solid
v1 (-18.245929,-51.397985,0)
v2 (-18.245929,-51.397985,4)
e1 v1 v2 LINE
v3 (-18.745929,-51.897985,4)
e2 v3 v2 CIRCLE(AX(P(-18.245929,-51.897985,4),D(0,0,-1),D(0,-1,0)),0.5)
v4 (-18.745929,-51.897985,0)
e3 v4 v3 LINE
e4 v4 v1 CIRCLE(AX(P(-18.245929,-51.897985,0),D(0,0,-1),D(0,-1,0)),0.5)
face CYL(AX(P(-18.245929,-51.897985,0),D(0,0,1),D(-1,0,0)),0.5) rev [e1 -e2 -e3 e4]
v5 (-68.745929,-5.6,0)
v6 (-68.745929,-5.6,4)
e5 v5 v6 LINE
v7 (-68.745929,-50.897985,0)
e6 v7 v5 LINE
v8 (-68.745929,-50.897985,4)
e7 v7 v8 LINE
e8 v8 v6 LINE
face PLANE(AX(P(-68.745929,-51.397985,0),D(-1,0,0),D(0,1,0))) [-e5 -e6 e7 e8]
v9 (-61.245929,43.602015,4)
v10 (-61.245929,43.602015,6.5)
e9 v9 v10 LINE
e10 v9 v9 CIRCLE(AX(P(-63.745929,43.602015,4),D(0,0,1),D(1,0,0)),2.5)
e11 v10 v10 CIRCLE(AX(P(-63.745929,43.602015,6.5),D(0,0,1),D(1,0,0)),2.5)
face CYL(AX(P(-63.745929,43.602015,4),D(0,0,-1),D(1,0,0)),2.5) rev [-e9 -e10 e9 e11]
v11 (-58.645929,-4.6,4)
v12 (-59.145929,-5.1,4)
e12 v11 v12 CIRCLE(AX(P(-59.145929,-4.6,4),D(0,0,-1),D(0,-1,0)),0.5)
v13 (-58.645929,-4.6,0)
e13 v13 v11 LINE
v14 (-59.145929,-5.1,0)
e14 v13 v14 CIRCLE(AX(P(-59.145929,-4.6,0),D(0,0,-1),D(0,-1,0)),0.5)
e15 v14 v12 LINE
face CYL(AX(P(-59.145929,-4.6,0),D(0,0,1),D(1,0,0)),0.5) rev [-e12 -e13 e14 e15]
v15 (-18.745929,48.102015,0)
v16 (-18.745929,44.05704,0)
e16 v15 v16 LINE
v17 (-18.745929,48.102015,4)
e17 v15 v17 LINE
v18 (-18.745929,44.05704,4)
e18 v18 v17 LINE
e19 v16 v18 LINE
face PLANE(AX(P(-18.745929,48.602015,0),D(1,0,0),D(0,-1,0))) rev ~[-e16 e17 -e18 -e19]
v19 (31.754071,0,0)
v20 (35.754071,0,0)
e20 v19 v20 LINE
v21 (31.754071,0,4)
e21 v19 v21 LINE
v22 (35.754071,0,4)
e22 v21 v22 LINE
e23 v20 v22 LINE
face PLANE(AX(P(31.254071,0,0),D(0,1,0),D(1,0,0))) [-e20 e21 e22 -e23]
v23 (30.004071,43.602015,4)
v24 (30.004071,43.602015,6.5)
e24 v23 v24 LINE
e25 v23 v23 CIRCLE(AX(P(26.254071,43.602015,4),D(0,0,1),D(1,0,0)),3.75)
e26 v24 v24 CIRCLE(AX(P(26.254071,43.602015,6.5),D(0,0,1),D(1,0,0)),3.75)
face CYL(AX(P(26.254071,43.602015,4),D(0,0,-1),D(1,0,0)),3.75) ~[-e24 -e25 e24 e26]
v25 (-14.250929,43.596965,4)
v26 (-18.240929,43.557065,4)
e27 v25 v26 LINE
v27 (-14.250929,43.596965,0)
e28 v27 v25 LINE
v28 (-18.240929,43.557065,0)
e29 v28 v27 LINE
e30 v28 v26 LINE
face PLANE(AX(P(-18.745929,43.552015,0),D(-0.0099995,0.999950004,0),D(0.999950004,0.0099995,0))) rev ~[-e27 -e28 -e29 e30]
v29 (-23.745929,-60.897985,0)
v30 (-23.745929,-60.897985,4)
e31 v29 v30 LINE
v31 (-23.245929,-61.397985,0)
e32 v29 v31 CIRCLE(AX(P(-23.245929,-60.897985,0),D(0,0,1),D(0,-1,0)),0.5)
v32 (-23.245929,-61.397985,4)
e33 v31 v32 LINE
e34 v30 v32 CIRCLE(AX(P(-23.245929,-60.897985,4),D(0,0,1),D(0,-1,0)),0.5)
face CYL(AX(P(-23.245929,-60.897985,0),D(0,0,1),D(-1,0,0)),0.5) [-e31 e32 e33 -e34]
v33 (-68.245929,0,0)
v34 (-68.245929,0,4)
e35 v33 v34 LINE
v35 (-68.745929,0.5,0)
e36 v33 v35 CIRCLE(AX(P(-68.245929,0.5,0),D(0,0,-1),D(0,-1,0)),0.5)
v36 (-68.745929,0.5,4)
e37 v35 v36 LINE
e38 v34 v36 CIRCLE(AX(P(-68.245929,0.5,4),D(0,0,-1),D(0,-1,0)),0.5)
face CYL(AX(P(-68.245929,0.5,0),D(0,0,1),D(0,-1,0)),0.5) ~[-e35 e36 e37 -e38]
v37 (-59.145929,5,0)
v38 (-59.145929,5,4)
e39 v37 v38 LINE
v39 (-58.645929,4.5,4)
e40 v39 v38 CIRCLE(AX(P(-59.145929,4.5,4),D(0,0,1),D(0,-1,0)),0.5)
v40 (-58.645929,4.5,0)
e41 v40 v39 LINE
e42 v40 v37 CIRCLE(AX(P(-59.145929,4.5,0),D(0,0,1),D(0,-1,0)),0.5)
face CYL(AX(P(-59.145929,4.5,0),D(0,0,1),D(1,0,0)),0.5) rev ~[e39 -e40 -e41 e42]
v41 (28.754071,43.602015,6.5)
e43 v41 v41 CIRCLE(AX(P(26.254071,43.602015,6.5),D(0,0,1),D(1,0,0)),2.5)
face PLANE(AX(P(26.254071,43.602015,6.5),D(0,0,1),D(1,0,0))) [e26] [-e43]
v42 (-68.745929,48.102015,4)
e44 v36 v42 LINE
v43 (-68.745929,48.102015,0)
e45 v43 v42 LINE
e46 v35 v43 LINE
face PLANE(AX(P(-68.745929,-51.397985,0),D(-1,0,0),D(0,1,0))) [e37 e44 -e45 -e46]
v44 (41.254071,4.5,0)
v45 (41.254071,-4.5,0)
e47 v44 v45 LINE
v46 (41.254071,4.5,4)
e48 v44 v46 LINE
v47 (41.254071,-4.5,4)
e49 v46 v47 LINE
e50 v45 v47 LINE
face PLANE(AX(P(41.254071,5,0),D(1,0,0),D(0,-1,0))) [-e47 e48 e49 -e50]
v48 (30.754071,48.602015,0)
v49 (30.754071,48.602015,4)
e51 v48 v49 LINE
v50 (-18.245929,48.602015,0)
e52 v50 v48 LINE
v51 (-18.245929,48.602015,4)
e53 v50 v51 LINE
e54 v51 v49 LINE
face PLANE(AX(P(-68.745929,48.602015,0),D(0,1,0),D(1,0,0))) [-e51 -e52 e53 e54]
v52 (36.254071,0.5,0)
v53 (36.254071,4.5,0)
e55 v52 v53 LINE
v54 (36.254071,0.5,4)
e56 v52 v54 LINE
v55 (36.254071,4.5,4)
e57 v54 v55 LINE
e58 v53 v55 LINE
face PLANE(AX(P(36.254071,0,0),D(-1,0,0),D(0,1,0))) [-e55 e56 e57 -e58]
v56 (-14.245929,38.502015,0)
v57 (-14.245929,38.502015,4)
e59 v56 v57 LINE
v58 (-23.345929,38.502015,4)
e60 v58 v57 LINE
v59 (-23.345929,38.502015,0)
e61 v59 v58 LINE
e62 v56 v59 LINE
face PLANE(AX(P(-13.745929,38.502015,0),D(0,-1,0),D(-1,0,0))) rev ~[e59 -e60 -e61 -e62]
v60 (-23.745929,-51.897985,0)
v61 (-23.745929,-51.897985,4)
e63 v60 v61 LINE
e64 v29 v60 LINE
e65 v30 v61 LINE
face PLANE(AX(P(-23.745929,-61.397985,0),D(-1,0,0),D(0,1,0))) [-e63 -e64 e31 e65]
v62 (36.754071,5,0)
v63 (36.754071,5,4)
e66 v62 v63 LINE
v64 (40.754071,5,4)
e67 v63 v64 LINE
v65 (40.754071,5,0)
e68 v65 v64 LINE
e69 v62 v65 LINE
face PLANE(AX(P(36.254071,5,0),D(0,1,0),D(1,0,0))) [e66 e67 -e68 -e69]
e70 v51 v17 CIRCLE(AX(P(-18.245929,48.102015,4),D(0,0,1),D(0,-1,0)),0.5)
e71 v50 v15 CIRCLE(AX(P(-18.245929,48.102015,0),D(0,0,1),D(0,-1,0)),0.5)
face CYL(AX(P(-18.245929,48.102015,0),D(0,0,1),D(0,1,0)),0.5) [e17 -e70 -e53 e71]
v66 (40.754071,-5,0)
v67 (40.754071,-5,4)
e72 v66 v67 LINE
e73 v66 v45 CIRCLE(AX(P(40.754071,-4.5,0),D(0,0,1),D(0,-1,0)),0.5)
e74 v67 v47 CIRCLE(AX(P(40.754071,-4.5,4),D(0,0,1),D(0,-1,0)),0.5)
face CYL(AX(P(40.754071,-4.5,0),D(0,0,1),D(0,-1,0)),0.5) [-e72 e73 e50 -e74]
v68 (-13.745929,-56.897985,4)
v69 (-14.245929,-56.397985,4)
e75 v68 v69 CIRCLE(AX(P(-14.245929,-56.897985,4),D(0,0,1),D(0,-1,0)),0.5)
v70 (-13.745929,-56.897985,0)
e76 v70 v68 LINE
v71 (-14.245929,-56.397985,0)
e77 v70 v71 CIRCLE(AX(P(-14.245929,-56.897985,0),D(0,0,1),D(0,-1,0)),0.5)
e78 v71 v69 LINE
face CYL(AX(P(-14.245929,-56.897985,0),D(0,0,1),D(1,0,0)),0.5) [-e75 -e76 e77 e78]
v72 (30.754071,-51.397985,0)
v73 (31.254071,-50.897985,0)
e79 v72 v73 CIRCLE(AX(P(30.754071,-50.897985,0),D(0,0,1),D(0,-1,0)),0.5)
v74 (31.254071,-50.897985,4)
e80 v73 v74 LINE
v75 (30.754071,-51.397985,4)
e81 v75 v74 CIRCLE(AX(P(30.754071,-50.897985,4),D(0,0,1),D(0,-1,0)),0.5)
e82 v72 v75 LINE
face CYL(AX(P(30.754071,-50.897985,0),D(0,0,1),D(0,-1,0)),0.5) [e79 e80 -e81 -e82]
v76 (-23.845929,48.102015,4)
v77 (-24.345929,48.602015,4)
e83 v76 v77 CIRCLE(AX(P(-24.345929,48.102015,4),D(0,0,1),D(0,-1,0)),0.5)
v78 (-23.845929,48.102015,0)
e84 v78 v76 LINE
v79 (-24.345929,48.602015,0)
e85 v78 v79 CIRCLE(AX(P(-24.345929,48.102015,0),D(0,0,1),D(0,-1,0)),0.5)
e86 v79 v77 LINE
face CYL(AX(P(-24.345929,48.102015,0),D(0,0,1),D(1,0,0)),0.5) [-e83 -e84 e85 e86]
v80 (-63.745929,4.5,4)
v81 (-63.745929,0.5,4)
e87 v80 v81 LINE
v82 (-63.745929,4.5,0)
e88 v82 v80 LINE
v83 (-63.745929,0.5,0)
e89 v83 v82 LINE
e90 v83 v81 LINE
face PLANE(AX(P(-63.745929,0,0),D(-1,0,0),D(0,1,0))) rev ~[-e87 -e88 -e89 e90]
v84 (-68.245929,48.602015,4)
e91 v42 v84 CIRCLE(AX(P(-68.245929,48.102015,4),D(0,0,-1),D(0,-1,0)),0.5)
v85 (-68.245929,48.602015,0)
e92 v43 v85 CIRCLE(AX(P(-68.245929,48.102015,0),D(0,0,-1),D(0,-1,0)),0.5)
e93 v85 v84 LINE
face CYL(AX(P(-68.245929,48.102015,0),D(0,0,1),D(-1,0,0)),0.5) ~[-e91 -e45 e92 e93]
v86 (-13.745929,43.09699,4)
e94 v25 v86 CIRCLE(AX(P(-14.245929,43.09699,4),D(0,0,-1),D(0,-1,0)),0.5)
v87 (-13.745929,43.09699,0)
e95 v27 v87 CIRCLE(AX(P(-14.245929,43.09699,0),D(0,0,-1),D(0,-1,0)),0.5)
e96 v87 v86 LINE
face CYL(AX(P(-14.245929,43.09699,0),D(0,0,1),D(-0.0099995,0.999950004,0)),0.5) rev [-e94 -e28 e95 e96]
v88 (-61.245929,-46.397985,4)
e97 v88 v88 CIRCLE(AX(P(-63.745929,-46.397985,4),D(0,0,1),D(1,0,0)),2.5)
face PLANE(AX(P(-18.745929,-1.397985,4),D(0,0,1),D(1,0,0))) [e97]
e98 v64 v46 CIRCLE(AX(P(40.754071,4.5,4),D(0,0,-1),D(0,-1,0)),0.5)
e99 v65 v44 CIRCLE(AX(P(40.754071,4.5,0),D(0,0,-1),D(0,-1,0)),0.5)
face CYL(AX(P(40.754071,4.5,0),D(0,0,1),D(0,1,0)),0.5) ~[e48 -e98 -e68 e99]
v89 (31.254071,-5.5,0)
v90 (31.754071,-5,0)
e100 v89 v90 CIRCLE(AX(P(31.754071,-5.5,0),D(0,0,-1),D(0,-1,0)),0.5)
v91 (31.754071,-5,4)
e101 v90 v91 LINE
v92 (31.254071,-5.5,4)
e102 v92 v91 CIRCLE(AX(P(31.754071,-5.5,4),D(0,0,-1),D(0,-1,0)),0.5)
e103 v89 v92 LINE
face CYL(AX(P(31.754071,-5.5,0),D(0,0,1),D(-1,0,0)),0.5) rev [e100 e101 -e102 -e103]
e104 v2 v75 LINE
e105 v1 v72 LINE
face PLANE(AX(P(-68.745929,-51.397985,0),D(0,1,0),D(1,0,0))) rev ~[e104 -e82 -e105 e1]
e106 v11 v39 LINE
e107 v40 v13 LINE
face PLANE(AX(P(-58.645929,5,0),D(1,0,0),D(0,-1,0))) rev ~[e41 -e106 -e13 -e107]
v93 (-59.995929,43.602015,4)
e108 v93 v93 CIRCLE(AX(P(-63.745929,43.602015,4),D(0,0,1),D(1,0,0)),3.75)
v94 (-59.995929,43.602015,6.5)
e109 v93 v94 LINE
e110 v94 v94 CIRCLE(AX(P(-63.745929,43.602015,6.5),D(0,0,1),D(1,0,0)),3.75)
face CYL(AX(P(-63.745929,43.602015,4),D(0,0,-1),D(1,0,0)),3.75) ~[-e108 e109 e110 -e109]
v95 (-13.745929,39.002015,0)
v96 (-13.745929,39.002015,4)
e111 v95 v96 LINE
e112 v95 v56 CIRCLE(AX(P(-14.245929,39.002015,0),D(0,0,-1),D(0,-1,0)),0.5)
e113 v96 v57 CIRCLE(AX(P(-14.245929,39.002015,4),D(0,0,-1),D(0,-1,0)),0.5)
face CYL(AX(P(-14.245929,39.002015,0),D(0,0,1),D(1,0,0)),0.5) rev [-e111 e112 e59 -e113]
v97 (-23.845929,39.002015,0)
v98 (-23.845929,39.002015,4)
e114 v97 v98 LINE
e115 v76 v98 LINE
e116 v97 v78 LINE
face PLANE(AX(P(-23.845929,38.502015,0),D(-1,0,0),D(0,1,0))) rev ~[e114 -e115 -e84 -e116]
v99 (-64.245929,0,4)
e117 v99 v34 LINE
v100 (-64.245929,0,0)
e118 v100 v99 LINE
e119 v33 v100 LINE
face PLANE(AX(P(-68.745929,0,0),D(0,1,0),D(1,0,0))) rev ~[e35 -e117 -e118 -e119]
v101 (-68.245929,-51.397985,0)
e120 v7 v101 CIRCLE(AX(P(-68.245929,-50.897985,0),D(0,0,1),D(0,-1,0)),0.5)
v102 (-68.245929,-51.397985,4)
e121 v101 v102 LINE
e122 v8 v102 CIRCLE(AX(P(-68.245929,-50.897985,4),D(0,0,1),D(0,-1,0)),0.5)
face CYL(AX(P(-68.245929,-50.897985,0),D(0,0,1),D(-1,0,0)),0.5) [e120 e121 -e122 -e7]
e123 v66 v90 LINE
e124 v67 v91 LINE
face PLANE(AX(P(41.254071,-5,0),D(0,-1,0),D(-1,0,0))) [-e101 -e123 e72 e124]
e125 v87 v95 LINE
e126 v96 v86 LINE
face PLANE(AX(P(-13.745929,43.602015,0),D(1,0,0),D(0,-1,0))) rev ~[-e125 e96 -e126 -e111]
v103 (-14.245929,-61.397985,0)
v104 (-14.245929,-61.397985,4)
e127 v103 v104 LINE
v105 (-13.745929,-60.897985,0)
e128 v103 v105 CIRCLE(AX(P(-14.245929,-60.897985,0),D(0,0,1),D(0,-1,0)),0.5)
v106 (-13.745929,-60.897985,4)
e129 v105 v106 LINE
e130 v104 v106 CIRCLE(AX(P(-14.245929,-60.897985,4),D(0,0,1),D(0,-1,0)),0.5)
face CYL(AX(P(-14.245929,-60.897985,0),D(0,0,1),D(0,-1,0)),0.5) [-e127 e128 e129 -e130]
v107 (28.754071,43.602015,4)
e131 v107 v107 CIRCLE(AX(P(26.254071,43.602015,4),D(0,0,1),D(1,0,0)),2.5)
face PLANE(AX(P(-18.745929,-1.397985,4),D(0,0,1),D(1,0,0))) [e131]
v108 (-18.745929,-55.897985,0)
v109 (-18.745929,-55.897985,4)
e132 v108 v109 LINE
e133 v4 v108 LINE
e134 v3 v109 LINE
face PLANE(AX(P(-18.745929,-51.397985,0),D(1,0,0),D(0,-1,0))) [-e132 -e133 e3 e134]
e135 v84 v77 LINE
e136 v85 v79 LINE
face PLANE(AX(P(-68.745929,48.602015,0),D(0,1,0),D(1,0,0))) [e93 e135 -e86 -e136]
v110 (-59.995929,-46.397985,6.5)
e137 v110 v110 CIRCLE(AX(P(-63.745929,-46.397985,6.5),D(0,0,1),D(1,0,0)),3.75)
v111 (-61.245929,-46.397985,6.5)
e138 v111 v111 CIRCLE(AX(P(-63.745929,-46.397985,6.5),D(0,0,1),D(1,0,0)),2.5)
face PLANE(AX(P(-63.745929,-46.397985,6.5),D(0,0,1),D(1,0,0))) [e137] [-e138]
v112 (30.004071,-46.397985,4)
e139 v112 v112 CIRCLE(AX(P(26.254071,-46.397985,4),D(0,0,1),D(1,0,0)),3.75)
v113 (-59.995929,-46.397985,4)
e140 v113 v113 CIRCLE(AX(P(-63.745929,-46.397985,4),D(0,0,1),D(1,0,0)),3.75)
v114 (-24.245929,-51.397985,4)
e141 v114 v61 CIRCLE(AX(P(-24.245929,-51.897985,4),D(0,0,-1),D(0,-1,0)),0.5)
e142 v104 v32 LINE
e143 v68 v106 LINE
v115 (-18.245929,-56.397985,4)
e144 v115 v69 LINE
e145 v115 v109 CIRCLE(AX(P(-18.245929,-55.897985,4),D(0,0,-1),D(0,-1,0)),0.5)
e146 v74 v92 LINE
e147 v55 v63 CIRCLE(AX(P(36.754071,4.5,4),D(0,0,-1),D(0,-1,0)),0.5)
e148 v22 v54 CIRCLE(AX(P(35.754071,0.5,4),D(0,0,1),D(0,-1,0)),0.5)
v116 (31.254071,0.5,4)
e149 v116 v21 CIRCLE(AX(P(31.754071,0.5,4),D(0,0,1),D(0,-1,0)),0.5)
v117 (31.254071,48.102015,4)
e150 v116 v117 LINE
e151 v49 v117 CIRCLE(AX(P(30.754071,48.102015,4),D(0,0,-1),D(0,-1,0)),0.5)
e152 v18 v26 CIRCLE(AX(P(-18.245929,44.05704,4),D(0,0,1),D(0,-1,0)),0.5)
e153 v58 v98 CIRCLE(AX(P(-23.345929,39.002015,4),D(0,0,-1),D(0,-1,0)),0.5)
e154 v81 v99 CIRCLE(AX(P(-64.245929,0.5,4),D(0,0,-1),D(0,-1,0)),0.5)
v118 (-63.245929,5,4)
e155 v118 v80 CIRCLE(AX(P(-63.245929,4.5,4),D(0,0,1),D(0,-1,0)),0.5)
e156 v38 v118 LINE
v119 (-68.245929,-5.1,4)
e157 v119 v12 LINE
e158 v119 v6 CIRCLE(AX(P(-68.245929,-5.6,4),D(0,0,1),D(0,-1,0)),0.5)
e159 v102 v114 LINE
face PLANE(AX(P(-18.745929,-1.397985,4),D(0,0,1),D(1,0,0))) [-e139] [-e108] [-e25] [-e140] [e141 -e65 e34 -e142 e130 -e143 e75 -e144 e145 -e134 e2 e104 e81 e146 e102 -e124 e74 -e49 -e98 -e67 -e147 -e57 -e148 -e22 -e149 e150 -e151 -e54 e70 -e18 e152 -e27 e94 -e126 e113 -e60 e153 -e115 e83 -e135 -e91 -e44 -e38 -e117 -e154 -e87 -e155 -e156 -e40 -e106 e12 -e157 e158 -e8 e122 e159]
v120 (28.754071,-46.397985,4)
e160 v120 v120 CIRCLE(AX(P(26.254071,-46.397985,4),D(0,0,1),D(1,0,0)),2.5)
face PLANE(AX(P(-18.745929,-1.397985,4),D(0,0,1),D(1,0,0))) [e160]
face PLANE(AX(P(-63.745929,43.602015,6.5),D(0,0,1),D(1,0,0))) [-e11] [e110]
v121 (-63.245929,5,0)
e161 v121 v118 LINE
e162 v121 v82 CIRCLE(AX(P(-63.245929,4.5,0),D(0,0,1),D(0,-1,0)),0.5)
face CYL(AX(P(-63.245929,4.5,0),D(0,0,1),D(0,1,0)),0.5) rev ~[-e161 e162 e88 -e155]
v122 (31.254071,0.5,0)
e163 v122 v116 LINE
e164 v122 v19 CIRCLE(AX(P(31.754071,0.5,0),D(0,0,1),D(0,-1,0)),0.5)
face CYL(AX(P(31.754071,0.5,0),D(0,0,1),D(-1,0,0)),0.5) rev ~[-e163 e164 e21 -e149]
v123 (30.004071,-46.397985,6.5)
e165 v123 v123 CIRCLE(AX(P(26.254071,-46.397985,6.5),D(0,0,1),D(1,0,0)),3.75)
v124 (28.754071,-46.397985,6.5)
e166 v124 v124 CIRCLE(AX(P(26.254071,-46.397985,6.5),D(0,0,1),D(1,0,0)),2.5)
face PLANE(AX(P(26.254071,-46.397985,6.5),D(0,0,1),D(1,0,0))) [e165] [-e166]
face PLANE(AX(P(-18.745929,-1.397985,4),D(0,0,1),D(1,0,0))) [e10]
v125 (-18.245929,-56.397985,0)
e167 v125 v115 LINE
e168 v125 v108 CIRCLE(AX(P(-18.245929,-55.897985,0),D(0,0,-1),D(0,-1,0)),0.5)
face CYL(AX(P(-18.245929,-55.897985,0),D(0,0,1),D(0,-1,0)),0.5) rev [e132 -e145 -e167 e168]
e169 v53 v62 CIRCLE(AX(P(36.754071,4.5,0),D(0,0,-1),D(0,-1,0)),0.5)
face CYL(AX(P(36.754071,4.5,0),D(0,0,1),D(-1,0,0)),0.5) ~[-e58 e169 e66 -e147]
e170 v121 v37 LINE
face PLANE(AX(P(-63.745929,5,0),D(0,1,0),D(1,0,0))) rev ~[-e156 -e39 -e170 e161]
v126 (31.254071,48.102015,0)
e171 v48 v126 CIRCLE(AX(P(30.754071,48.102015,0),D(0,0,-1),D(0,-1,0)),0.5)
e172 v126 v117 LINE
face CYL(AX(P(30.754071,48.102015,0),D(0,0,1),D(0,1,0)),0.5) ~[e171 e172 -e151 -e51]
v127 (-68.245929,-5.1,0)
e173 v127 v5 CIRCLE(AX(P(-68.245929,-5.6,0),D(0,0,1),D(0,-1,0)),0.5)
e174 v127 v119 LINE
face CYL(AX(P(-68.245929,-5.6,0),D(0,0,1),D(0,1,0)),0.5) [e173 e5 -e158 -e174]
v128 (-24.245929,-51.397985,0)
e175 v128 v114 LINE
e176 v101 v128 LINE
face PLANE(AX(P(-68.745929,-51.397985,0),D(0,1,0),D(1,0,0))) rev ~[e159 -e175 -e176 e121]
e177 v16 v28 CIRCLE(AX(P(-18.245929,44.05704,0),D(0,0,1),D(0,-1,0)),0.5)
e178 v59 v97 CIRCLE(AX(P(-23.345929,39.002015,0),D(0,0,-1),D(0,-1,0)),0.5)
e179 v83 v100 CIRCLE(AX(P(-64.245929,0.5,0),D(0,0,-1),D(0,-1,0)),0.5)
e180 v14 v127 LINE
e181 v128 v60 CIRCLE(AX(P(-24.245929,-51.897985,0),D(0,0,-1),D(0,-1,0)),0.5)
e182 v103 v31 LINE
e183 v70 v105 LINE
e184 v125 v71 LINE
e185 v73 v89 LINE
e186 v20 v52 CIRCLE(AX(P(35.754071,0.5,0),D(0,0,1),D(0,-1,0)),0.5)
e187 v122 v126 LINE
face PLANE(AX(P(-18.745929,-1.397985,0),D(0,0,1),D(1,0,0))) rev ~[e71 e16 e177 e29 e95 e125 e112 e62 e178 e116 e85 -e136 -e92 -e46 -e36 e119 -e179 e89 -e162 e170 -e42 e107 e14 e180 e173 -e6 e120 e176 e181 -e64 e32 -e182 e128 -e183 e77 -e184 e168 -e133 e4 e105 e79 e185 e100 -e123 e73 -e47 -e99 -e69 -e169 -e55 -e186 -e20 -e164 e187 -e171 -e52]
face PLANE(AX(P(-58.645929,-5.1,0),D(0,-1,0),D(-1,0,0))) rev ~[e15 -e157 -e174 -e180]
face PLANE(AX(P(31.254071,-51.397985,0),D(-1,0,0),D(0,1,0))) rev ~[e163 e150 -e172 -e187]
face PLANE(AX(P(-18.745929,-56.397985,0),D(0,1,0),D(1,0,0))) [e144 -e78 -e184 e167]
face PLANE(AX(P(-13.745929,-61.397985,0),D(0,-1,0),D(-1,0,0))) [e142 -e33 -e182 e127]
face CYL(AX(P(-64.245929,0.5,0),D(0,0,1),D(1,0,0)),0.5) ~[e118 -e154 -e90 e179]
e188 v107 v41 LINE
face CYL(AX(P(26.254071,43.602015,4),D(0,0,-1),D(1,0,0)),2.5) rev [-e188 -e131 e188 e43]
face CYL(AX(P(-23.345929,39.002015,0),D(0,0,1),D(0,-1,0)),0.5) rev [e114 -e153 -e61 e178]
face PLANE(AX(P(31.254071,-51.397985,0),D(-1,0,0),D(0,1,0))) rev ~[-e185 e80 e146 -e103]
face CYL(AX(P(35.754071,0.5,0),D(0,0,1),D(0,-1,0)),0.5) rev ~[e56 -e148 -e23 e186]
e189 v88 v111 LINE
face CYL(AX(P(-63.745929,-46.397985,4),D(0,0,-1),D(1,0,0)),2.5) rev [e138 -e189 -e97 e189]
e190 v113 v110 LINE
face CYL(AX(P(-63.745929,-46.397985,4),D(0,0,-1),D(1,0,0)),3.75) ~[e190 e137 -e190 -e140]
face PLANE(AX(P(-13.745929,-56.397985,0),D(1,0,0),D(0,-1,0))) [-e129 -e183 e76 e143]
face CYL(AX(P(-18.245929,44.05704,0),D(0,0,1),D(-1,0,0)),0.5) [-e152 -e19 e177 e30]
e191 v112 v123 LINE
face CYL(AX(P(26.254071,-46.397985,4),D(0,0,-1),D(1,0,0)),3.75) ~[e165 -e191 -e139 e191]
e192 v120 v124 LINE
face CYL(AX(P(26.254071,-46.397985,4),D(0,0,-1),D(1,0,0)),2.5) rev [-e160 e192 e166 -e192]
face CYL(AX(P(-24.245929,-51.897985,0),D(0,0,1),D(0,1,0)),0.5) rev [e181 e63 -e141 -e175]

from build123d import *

# Parameters (mm, degrees)
F0_W      = 100
F0_H      = 100
F1_DEPTH  = 4
F3_DEPTH  = 4
F5_DEPTH  = 25
F6_R      = 0.5
F8_R      = 0.5
F9_R      = 0.5
F10_R     = 0.5
F11_R     = 3.75
F11_R_2   = 2.5
F12_DEPTH = 2.5


with BuildPart() as f1:
    # F0 (on Top) → F1 (new body)
    with BuildSketch(Plane.XY):
        with Locations((-18.7459290028, -1.397985096)):
            Rectangle(F0_W, F0_H)
    extrude(amount=F1_DEPTH)

    # F4 (on face) → F5 (cut)
    with BuildSketch(Plane(origin=(0, 0, 0), x_dir=(1, 0, 0), z_dir=(0, 0, -1))):
        Polygon((-23.8459290028, -48.602014904), (-18.7459290028, -48.602014904), (-18.7459290028, -43.552014904), (-13.7459290028, -43.602014904), (-13.7459290028, -38.502014904), (-23.8459290028, -38.502014904), align=None)
        Polygon((-68.7459290028, 5.1), (-68.7459290028, 0), (-63.7459290028, 0), (-63.7459290028, -5), (-58.6459290028, -5), (-58.6459290028, 5.1), align=None)
    extrude(amount=-F5_DEPTH, mode=Mode.SUBTRACT)

    # F6
    f6_edges = [f1.edges().sort_by_distance(p)[0] for p in [
        (31.254071, -51.397985, 2),
        (31.254071, 48.602015, 2),
        (-68.745929, 48.602015, 2),
        (-68.745929, -51.397985, 2),
    ]]
    fillet(f6_edges, radius=F6_R)


with BuildPart() as f3:
    # F2 (on face) → F3 (new body)
    with BuildSketch(Plane(origin=(0, 0, 0), x_dir=(1, 0, 0), z_dir=(0, 0, -1))):
        Polygon((-23.7459290028, 51.397985096), (-18.7459290028, 51.397985096), (-18.7459290028, 56.397985096), (-13.7459290028, 56.397985096), (-13.7459290028, 61.397985096), (-23.7459290028, 61.397985096), align=None)
    extrude(amount=-F3_DEPTH)


with BuildPart() as f3b:
    # F2 (on face) → F3, piece 2 (new body)
    with BuildSketch(Plane(origin=(0, 0, 0), x_dir=(1, 0, 0), z_dir=(0, 0, -1))):
        Polygon((41.2540709972, 5), (31.2540709972, 5), (31.2540709972, 0), (36.2540709972, 0), (36.2540709972, -5), (41.2540709972, -5), align=None)
    extrude(amount=-F3_DEPTH)


with BuildPart() as f3_1:
    add(f3.part)

    # F7: union F1, F3b
    add(f1.part)
    add(f3b.part)

    # F8
    f8_edges = [f3_1.edges().sort_by_distance(p)[0] for p in [
        (-23.745929, -51.397985, 2),
        (-18.745929, -51.397985, 2),
        (-13.745929, -61.397985, 2),
        (-13.745929, -56.397985, 2),
        (-18.745929, -56.397985, 2),
        (-23.745929, -61.397985, 2),
        (31.254071, -5, 2),
        (41.254071, -5, 2),
        (41.254071, 5, 2),
        (36.254071, 5, 2),
        (36.254071, 0, 2),
        (31.254071, 0, 2),
        (-23.845929, 38.502015, 2),
        (-13.745929, 38.502015, 2),
        (-18.745929, 48.602015, 2),
        (-18.745929, 43.552015, 2),
        (-23.845929, 48.602015, 2),
        (-13.745929, 43.602015, 2),
    ]]
    fillet(f8_edges, radius=F8_R)

    # F9
    f9_edges = [f3_1.edges().sort_by_distance(p)[0] for p in [
        (-58.645929, 5, 2),
        (-68.745929, 0, 2),
    ]]
    fillet(f9_edges, radius=F9_R)

    # F10
    f10_edges = [f3_1.edges().sort_by_distance(p)[0] for p in [
        (-63.745929, 0, 2),
        (-63.745929, 5, 2),
        (-58.645929, -5.1, 2),
        (-68.745929, -5.1, 2),
    ]]
    fillet(f10_edges, radius=F10_R)

    # F11 (on face) → F12 (join)
    with BuildSketch(Plane.XY.offset(4)):
        with Locations((-63.7459290028, 43.602014904)):
            Circle(F11_R)
        with Locations((-63.7459290028, 43.602014904)):
            Circle(F11_R_2, mode=Mode.SUBTRACT)
        with Locations((26.2540709972, 43.602014904)):
            Circle(F11_R)
        with Locations((26.2540709972, 43.602014904)):
            Circle(F11_R_2, mode=Mode.SUBTRACT)
        with Locations((26.2540709972, -46.397985096)):
            Circle(F11_R)
        with Locations((26.2540709972, -46.397985096)):
            Circle(F11_R_2, mode=Mode.SUBTRACT)
        with Locations((-63.7459290028, -46.397985096)):
            Circle(F11_R)
        with Locations((-63.7459290028, -46.397985096)):
            Circle(F11_R_2, mode=Mode.SUBTRACT)
    extrude(amount=F12_DEPTH)


solid = f3_1.part
